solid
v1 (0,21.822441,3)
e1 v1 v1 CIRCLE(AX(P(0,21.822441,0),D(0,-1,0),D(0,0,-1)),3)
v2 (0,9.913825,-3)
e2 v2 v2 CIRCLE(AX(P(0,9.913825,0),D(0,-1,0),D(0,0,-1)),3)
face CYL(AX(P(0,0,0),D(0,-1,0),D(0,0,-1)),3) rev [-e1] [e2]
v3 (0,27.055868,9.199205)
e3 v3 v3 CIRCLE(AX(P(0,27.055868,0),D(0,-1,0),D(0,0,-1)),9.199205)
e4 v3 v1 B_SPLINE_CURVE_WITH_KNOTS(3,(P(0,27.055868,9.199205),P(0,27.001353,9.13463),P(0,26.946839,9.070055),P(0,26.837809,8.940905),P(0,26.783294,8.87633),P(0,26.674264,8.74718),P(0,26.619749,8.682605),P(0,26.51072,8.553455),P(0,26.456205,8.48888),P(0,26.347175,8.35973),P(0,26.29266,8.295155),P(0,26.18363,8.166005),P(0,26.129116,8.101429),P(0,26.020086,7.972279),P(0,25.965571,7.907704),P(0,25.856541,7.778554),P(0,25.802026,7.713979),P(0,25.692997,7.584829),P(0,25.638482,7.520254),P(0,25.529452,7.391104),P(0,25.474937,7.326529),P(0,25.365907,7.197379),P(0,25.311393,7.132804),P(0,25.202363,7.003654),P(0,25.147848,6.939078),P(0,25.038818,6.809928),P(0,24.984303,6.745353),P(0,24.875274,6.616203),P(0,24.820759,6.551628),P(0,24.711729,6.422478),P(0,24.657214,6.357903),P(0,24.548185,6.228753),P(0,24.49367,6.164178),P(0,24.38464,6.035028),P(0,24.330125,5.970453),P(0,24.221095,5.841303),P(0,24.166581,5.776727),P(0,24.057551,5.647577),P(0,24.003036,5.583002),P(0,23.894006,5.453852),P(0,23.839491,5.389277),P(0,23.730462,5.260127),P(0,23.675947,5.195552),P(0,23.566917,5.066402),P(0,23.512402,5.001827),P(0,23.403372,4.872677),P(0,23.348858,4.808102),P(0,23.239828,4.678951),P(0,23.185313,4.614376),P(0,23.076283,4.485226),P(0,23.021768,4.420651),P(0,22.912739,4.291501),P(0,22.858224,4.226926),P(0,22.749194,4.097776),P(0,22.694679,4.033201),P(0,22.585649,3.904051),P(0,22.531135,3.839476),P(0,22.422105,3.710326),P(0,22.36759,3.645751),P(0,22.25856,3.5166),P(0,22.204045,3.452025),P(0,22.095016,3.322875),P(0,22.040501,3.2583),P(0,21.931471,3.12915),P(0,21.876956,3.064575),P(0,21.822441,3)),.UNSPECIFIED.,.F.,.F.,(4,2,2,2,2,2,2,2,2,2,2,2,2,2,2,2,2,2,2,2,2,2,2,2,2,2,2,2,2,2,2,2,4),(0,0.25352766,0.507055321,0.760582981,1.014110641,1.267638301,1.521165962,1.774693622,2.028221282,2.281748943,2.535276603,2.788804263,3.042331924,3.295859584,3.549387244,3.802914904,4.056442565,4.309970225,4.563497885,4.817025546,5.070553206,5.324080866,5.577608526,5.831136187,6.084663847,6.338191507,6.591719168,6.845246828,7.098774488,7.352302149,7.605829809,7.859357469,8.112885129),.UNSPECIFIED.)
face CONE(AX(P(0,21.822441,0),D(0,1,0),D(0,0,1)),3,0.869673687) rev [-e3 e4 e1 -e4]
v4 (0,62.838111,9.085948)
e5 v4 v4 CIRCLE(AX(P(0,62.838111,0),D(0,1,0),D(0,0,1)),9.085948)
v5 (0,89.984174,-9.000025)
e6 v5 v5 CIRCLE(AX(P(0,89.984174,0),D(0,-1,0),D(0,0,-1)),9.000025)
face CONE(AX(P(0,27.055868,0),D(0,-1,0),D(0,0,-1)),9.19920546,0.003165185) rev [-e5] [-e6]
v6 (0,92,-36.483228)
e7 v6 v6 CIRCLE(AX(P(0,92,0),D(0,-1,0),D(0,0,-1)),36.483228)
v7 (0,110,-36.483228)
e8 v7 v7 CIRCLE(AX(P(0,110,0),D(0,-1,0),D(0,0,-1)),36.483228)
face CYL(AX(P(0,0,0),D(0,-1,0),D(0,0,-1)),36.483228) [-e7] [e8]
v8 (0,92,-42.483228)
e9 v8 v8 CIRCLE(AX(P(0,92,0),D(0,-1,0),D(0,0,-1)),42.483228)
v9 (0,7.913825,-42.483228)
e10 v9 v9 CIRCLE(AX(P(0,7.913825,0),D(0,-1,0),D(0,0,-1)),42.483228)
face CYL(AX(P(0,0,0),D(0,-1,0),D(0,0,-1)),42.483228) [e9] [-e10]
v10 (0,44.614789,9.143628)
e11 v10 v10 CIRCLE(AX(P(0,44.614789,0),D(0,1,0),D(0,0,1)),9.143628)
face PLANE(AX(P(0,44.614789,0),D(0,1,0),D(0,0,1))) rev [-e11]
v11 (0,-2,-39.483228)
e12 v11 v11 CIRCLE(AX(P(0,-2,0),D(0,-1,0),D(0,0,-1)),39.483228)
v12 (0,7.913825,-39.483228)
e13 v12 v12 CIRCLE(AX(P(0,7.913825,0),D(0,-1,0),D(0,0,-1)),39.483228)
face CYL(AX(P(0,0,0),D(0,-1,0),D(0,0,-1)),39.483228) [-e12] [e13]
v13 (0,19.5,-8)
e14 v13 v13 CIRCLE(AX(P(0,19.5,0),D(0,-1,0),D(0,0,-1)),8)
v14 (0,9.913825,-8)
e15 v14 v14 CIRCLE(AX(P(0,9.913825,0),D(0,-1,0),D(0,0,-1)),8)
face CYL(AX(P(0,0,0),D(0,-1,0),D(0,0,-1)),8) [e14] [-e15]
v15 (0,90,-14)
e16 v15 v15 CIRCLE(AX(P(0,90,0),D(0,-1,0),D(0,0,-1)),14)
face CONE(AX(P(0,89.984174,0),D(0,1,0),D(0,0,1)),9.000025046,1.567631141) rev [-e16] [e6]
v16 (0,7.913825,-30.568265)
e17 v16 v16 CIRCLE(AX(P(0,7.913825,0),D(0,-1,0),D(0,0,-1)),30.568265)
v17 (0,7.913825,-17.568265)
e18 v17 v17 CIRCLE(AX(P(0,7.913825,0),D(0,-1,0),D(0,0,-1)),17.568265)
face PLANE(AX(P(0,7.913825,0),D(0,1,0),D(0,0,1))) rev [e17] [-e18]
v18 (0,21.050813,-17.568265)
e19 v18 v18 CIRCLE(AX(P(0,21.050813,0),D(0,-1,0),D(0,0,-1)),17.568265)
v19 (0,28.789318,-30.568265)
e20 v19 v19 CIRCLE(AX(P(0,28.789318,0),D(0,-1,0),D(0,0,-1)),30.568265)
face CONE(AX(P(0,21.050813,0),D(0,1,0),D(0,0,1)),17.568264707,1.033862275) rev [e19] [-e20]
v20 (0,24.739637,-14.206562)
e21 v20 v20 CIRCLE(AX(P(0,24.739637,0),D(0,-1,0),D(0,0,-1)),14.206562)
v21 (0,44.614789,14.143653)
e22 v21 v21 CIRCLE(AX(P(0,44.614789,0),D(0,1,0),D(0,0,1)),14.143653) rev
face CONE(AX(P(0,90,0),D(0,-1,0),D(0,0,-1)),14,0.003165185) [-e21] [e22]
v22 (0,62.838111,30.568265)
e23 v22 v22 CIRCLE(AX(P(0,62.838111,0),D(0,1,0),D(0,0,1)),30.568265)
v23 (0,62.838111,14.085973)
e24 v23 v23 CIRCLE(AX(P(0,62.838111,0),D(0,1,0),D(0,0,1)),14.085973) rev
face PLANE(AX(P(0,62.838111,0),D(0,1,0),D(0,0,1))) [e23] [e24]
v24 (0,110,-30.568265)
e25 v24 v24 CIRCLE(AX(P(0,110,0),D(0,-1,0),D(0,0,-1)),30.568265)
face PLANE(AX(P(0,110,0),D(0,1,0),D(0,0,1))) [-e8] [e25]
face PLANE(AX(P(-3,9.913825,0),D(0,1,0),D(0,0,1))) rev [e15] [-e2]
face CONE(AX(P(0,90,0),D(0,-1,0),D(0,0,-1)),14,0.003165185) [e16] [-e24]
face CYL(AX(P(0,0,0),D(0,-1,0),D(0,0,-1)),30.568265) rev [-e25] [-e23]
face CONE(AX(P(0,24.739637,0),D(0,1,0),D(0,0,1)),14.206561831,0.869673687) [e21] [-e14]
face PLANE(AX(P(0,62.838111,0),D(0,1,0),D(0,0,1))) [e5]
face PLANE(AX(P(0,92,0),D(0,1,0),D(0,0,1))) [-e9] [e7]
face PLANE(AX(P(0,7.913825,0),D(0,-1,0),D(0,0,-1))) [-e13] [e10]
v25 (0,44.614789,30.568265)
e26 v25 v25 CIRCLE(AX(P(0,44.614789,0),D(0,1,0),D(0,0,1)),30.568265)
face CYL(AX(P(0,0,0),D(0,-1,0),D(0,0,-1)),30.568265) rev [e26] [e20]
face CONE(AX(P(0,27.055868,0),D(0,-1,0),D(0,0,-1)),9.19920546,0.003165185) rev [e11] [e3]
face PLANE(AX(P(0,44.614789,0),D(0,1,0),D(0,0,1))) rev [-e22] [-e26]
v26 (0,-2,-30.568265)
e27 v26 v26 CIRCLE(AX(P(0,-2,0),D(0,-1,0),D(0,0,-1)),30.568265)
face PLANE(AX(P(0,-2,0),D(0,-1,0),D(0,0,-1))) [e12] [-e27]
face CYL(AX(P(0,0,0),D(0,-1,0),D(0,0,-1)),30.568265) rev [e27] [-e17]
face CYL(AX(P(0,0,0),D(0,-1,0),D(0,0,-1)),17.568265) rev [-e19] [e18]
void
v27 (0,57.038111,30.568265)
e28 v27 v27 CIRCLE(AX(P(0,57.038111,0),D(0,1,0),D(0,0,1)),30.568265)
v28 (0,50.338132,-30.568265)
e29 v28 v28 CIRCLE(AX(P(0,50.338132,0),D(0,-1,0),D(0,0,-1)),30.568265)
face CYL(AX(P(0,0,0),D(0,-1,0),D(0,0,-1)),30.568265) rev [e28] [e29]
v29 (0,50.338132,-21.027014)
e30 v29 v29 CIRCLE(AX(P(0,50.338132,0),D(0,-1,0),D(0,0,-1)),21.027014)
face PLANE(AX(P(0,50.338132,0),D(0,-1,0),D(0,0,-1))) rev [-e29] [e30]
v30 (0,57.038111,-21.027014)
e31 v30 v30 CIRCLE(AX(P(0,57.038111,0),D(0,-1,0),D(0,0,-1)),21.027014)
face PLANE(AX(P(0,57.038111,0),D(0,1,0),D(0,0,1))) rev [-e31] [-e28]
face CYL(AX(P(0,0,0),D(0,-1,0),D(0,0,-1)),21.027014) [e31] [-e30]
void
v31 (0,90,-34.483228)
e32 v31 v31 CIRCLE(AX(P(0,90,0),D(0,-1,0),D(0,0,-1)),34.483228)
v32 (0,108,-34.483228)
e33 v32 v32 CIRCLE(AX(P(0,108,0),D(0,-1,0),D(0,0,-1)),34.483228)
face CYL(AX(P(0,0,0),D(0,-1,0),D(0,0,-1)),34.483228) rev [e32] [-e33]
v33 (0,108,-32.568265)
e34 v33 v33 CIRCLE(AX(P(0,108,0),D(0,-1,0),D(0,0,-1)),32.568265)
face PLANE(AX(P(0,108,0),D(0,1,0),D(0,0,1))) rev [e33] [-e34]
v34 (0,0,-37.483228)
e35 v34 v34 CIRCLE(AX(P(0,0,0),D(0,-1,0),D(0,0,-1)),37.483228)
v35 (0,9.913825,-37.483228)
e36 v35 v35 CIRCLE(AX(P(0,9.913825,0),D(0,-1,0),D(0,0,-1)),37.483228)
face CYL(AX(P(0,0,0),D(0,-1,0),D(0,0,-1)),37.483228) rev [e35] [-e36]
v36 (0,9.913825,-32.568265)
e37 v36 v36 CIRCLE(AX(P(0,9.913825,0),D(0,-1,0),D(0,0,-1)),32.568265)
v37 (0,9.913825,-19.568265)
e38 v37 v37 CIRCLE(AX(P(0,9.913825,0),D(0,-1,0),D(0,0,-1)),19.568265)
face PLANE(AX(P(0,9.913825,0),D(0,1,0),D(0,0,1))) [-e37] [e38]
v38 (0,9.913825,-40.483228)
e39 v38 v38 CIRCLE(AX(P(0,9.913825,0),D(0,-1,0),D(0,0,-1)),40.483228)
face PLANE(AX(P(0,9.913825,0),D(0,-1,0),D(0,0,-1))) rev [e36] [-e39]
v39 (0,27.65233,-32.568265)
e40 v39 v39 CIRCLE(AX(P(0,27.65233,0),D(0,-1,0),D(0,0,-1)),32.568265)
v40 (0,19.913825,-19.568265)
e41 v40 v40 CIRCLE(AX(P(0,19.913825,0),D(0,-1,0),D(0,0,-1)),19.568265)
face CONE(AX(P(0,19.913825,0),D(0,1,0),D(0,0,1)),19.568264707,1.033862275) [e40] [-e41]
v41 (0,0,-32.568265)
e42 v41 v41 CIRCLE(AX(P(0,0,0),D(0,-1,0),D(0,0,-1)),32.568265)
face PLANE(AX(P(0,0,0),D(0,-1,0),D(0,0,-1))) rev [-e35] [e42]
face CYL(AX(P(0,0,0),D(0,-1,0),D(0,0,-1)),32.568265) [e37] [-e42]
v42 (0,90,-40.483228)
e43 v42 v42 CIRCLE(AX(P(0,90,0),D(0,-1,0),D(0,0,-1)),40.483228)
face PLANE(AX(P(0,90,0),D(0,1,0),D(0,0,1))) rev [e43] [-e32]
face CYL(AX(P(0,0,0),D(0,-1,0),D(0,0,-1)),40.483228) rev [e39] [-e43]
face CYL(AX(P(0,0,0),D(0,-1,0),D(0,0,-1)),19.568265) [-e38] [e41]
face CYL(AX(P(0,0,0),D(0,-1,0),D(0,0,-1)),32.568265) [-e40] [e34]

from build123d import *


with BuildPart() as part:
    # Sketch1 → Revolve-Thin2 (revolve)
    with BuildSketch(Plane.XY, mode=Mode.PRIVATE) as revolve_thin2_sk:
        Polygon((-30.568264707, -2), (-39.483227781, -2), (-39.483227781, 7.913824599), (-42.483227781, 7.913824599), (-42.483227781, 92), (-36.483227781, 92), (-36.483227781, 110), (-30.568264707, 110), (-30.568264707, 28.789318309), (-17.568264707, 21.050812692), (-17.568264707, 7.913824599), (-30.568264707, 7.913824599), align=None)
        Polygon((-32.568264707, 0), (-37.483227781, 0), (-37.483227781, 9.913824599), (-40.483227781, 9.913824599), (-40.483227781, 90), (-34.483227781, 90), (-34.483227781, 108), (-32.568264707, 108), (-32.568264707, 27.652330216), (-19.568264707, 19.913824599), (-19.568264707, 9.913824599), (-32.568264707, 9.913824599), align=None, mode=Mode.SUBTRACT)
    revolve(revolve_thin2_sk.sketch.rotate(Axis((0, 0, 0), (0, 1, 0)), 270), axis=Axis((0, 0, 0), (0, 1, 0)))


with BuildPart() as body_2:
    # Sketch2 → Revolve1 (revolve)
    with BuildSketch(Plane.XY, mode=Mode.PRIVATE) as revolve1_sk:
        Polygon((-8, 9.913824599), (-8, 19.5), (-14.206561831, 24.739637185), (-14, 90), (-9.000025046, 89.9841741), (-9.19920546, 27.055868252), (-3, 21.822441383), (-3, 9.913824599), align=None)
    revolve(revolve1_sk.sketch.rotate(Axis((0, 0, 0), (0, 1, 0)), 270), axis=Axis((0, 0, 0), (0, 1, 0)))


with BuildPart() as part_1:
    add(part.part)

    add(body_2.part)  # Revolve4 merges body 2
    # Sketch3 → Revolve4 (revolve)
    with BuildSketch(Plane.XY, mode=Mode.PRIVATE) as revolve4_sk:
        Polygon((-21.027014256, 57.038111316), (-21.027014256, 50.338132018), (-27.983227781, 50.338132018), (-32.562811664, 50.338132018), (-32.562811664, 44.614788696), (0, 44.614788696), (0, 62.838111316), (-27.983227781, 62.838111316), (-32.562811664, 62.838111316), (-32.562811664, 57.038111316), align=None)
    revolve(revolve4_sk.sketch.rotate(Axis((0, 0, 0), (0, 1, 0)), 270), axis=Axis((0, 0, 0), (0, 1, 0)))


solid = part_1.part
